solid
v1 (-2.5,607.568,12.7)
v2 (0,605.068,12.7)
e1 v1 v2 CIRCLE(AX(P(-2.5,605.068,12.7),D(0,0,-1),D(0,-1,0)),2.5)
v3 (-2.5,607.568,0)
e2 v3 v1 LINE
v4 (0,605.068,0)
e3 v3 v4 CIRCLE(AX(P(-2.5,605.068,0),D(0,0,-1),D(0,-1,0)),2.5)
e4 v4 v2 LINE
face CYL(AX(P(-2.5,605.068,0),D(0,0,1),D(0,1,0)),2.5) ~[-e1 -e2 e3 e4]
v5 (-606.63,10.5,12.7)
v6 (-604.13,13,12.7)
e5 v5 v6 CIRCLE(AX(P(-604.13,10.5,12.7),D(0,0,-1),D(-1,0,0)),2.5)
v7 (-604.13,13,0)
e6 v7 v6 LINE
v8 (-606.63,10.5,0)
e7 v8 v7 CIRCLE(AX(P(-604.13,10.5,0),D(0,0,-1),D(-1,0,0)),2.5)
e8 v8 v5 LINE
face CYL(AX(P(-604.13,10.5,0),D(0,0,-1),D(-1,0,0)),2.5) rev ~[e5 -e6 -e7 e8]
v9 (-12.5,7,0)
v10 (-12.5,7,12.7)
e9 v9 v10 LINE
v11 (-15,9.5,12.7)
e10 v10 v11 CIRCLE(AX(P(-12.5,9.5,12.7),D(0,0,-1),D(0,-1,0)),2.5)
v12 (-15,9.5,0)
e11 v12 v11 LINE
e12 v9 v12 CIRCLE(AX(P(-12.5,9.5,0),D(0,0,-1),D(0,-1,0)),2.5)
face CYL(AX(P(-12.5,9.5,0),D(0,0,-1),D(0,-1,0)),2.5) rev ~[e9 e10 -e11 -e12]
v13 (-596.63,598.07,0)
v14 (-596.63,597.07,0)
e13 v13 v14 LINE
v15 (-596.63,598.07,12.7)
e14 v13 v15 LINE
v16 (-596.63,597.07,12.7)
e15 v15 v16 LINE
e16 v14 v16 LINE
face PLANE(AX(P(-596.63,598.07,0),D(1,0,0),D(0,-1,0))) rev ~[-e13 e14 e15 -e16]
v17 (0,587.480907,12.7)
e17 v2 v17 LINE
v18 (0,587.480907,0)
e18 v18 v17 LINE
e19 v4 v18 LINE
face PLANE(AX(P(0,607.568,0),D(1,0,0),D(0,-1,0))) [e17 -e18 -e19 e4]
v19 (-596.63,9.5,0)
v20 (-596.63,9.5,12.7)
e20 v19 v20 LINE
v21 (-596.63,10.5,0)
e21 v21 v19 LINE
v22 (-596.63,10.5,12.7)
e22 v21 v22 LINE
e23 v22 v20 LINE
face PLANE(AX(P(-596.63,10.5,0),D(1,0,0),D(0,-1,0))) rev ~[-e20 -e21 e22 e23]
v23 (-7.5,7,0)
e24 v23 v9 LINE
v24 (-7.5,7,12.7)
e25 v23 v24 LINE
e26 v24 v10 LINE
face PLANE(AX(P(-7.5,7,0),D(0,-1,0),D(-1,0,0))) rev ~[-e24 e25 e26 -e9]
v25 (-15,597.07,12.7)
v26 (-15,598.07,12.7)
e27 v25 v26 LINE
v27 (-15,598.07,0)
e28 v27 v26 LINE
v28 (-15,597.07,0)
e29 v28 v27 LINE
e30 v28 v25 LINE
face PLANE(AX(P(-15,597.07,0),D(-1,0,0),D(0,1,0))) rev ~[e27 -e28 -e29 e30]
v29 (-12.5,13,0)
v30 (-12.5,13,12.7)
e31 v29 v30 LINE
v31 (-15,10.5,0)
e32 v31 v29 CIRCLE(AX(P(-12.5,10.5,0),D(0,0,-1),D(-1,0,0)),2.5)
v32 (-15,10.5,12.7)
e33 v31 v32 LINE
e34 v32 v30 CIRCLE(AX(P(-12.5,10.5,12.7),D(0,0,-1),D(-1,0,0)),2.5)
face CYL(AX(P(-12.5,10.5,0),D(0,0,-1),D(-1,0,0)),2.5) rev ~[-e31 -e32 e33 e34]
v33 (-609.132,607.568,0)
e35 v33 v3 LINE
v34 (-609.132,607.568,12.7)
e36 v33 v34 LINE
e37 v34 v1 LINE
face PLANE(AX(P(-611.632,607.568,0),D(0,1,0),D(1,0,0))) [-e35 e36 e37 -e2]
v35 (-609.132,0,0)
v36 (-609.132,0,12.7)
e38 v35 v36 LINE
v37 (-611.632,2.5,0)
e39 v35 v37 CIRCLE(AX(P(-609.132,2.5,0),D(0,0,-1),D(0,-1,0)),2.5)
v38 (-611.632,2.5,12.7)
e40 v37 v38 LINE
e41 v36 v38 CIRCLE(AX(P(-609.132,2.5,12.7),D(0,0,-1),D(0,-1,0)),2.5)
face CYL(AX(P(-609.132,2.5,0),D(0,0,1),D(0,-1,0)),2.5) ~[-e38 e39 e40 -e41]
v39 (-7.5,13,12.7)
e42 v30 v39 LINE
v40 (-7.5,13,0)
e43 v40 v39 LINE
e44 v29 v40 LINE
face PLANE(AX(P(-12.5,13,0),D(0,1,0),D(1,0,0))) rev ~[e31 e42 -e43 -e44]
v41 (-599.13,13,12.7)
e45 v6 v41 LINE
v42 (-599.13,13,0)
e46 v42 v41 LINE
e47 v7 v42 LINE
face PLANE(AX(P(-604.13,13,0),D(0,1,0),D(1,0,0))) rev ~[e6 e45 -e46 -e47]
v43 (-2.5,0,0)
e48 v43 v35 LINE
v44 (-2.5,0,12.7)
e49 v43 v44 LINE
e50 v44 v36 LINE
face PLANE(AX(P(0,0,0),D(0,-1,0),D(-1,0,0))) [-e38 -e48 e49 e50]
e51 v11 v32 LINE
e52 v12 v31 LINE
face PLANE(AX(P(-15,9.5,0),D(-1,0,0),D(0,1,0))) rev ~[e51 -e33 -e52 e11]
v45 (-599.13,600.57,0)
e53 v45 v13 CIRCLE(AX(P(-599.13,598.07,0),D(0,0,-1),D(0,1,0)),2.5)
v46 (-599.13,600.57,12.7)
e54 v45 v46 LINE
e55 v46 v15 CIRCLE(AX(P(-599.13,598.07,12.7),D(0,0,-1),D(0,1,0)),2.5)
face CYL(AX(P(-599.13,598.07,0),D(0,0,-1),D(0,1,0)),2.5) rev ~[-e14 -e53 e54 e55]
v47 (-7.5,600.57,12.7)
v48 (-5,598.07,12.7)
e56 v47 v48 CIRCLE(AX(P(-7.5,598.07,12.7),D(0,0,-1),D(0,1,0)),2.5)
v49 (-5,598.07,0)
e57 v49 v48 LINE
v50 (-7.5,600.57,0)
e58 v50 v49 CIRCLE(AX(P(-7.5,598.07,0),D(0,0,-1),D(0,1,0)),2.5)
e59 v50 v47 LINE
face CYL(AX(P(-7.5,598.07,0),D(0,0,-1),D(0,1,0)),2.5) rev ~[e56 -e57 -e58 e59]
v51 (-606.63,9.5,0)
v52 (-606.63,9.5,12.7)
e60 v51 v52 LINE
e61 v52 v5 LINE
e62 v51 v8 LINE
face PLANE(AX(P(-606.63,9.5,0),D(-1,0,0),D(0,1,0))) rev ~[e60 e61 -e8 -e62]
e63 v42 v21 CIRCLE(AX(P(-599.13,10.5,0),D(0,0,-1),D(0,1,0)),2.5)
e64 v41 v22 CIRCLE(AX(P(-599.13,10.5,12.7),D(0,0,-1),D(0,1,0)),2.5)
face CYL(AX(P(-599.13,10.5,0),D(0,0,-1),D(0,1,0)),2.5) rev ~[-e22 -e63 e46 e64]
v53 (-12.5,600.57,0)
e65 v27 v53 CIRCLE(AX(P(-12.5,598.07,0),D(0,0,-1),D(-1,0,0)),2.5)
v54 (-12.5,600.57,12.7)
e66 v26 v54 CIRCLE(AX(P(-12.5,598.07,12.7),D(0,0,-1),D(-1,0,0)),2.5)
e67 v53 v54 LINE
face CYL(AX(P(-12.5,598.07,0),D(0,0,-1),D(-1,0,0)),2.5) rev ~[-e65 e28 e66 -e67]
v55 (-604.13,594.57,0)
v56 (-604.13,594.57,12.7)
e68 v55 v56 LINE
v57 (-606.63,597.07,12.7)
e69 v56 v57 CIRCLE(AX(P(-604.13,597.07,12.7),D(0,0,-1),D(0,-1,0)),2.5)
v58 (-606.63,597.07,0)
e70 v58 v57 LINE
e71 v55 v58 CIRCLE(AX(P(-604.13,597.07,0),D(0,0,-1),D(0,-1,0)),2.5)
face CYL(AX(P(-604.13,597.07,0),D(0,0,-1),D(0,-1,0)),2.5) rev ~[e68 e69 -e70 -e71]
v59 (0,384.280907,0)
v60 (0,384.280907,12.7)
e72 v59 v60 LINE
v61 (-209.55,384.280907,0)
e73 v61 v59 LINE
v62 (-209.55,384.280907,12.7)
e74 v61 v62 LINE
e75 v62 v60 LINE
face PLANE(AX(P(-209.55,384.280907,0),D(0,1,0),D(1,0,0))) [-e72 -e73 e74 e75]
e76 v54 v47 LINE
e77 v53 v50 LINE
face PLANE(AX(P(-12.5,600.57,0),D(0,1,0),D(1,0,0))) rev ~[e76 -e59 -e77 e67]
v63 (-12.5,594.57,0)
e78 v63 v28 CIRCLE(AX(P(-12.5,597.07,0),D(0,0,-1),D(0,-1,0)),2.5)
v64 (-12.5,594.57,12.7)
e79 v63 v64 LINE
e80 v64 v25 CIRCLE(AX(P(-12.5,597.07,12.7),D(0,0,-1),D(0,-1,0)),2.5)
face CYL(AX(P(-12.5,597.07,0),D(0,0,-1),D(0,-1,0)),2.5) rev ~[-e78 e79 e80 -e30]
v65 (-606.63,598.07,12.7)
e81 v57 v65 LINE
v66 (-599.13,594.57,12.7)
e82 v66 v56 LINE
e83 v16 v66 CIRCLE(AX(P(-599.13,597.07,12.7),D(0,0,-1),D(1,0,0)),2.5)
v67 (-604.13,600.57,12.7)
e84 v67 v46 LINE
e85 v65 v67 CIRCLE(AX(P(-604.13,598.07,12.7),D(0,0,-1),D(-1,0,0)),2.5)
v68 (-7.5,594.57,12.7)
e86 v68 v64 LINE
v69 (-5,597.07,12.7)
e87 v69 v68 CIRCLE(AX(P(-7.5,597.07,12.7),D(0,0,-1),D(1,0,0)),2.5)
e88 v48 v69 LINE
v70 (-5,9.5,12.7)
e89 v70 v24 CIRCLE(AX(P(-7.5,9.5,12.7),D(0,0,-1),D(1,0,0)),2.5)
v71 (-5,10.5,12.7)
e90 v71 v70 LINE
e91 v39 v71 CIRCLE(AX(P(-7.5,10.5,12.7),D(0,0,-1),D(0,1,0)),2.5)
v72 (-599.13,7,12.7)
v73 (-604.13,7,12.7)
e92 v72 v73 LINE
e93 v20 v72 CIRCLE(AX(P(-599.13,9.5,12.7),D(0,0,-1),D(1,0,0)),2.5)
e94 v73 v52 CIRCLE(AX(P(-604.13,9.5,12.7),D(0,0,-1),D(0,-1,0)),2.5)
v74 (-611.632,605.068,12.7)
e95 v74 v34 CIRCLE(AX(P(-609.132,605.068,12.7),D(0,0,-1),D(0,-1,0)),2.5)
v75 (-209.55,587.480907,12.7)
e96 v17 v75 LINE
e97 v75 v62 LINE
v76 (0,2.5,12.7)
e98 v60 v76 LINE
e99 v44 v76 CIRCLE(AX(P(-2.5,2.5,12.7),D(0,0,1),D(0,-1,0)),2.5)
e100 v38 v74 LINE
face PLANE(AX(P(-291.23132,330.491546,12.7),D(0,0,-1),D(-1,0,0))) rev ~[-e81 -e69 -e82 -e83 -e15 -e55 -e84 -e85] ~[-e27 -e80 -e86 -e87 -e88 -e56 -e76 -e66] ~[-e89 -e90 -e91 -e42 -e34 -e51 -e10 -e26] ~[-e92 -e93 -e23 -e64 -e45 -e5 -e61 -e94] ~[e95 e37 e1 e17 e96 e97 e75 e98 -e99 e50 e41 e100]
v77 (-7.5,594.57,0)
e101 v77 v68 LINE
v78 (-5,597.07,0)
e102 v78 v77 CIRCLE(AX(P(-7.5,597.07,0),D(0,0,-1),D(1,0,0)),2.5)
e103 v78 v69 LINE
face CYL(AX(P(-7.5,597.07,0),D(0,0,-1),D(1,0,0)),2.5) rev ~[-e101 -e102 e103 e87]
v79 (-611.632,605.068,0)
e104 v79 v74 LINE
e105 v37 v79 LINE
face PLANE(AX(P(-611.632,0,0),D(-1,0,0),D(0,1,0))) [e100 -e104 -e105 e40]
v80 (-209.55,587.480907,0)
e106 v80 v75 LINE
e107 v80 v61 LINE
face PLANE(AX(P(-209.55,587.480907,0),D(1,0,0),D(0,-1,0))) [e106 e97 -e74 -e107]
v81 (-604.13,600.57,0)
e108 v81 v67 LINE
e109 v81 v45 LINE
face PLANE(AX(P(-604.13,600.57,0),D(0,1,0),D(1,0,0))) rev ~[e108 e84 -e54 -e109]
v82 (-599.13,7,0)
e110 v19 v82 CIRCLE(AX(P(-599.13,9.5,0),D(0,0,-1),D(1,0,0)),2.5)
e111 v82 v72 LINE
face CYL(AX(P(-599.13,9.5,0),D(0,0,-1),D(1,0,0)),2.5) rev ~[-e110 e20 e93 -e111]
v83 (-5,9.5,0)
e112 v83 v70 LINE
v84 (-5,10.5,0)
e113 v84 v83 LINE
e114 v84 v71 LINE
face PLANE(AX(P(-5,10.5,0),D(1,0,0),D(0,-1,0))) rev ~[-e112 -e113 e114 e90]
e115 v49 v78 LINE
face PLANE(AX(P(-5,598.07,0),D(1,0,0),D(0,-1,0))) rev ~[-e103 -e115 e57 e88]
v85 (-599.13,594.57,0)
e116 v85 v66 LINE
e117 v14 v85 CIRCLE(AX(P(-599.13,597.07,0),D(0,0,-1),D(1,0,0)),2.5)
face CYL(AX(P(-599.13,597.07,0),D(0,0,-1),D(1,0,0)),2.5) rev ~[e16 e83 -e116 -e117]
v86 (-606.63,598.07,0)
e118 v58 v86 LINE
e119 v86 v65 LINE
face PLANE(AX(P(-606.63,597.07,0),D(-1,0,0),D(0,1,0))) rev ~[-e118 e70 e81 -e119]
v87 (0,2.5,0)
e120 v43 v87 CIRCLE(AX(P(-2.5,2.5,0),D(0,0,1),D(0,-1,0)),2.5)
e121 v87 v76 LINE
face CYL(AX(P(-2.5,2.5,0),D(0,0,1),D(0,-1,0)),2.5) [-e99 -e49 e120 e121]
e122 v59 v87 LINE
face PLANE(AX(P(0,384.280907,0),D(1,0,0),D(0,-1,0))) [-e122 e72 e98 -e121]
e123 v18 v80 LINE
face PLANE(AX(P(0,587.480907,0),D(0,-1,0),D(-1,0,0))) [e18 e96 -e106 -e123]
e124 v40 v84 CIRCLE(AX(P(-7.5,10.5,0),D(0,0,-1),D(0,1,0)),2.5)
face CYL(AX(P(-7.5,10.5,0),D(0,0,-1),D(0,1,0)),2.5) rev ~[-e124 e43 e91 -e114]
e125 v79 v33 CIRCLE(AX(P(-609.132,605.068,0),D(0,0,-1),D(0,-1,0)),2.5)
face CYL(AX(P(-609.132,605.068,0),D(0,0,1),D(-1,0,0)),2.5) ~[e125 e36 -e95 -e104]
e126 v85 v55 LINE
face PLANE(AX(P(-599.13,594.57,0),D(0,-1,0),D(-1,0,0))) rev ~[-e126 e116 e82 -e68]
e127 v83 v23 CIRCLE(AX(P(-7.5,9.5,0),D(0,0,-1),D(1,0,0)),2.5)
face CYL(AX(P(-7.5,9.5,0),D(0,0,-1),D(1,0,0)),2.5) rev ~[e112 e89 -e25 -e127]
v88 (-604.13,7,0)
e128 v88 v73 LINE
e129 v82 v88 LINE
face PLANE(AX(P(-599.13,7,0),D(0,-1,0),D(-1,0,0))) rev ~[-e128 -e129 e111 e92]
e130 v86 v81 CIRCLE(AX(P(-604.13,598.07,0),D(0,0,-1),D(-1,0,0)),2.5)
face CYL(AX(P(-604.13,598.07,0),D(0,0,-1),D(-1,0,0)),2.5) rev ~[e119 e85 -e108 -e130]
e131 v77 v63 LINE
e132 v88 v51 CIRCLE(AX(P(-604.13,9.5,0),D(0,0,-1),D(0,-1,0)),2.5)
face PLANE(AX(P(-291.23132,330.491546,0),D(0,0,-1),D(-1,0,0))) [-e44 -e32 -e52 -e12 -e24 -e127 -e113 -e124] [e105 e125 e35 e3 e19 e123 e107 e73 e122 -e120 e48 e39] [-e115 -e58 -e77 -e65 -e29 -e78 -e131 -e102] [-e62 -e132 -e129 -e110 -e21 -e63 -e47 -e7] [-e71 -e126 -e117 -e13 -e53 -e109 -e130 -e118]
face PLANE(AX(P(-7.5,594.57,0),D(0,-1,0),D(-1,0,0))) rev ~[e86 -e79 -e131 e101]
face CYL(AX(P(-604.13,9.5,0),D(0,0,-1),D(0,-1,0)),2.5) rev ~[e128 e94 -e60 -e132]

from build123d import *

# Parameters (mm, degrees)
BOSS_EXTRUDE2_DEPTH = 12.7
FILLET2_R           = 2.5


with BuildPart() as part:
    # Sketch1 → Boss-Extrude2 (new body)
    with BuildSketch(Plane.XY):
        Polygon((0, 0), (-611.632, 0), (-611.632, 607.568), (0, 607.568), (0, 587.480907233), (-209.55, 587.480907233), (-209.55, 384.280907233), (0, 384.280907233), align=None)
        with BuildLine():
            Line((-5, 10.5), (-5, 9.5))
            ThreePointArc((-5, 9.5), (-5.732233047, 7.732233047), (-7.5, 7))
            Line((-7.5, 7), (-12.5, 7))
            ThreePointArc((-12.5, 7), (-14.267766953, 7.732233047), (-15, 9.5))
            Line((-15, 9.5), (-15, 10.5))
            ThreePointArc((-15, 10.5), (-14.267766953, 12.267766953), (-12.5, 13))
            Line((-12.5, 13), (-7.5, 13))
            ThreePointArc((-7.5, 13), (-5.732233047, 12.267766953), (-5, 10.5))
        make_face(mode=Mode.SUBTRACT)
        with BuildLine():
            Line((-596.63, 10.5), (-596.63, 9.5))
            ThreePointArc((-596.63, 9.5), (-597.362233047, 7.732233047), (-599.13, 7))
            Line((-599.13, 7), (-604.13, 7))
            ThreePointArc((-604.13, 7), (-605.897766953, 7.732233047), (-606.63, 9.5))
            Line((-606.63, 9.5), (-606.63, 10.5))
            ThreePointArc((-606.63, 10.5), (-605.897766953, 12.267766953), (-604.13, 13))
            Line((-604.13, 13), (-599.13, 13))
            ThreePointArc((-599.13, 13), (-597.362233047, 12.267766953), (-596.63, 10.5))
        make_face(mode=Mode.SUBTRACT)
        with BuildLine():
            Line((-596.63, 598.07), (-596.63, 597.07))
            ThreePointArc((-596.63, 597.07), (-597.362233047, 595.302233047), (-599.13, 594.57))
            Line((-599.13, 594.57), (-604.13, 594.57))
            ThreePointArc((-604.13, 594.57), (-605.897766953, 595.302233047), (-606.63, 597.07))
            Line((-606.63, 597.07), (-606.63, 598.07))
            ThreePointArc((-606.63, 598.07), (-605.897766953, 599.837766953), (-604.13, 600.57))
            Line((-604.13, 600.57), (-599.13, 600.57))
            ThreePointArc((-599.13, 600.57), (-597.362233047, 599.837766953), (-596.63, 598.07))
        make_face(mode=Mode.SUBTRACT)
        with BuildLine():
            Line((-5, 598.07), (-5, 597.07))
            ThreePointArc((-5, 597.07), (-5.732233047, 595.302233047), (-7.5, 594.57))
            Line((-7.5, 594.57), (-12.5, 594.57))
            ThreePointArc((-12.5, 594.57), (-14.267766953, 595.302233047), (-15, 597.07))
            Line((-15, 597.07), (-15, 598.07))
            ThreePointArc((-15, 598.07), (-14.267766953, 599.837766953), (-12.5, 600.57))
            Line((-12.5, 600.57), (-7.5, 600.57))
            ThreePointArc((-7.5, 600.57), (-5.732233047, 599.837766953), (-5, 598.07))
        make_face(mode=Mode.SUBTRACT)
    extrude(amount=BOSS_EXTRUDE2_DEPTH)

    # Fillet2
    fillet2_edges = [part.edges().sort_by_distance(p)[0] for p in [
        (0, 0, 6.35),
        (-611.632, 0, 6.35),
        (-611.632, 607.568, 6.35),
        (0, 607.568, 6.35),
    ]]
    fillet(fillet2_edges, radius=FILLET2_R)


solid = part.part
